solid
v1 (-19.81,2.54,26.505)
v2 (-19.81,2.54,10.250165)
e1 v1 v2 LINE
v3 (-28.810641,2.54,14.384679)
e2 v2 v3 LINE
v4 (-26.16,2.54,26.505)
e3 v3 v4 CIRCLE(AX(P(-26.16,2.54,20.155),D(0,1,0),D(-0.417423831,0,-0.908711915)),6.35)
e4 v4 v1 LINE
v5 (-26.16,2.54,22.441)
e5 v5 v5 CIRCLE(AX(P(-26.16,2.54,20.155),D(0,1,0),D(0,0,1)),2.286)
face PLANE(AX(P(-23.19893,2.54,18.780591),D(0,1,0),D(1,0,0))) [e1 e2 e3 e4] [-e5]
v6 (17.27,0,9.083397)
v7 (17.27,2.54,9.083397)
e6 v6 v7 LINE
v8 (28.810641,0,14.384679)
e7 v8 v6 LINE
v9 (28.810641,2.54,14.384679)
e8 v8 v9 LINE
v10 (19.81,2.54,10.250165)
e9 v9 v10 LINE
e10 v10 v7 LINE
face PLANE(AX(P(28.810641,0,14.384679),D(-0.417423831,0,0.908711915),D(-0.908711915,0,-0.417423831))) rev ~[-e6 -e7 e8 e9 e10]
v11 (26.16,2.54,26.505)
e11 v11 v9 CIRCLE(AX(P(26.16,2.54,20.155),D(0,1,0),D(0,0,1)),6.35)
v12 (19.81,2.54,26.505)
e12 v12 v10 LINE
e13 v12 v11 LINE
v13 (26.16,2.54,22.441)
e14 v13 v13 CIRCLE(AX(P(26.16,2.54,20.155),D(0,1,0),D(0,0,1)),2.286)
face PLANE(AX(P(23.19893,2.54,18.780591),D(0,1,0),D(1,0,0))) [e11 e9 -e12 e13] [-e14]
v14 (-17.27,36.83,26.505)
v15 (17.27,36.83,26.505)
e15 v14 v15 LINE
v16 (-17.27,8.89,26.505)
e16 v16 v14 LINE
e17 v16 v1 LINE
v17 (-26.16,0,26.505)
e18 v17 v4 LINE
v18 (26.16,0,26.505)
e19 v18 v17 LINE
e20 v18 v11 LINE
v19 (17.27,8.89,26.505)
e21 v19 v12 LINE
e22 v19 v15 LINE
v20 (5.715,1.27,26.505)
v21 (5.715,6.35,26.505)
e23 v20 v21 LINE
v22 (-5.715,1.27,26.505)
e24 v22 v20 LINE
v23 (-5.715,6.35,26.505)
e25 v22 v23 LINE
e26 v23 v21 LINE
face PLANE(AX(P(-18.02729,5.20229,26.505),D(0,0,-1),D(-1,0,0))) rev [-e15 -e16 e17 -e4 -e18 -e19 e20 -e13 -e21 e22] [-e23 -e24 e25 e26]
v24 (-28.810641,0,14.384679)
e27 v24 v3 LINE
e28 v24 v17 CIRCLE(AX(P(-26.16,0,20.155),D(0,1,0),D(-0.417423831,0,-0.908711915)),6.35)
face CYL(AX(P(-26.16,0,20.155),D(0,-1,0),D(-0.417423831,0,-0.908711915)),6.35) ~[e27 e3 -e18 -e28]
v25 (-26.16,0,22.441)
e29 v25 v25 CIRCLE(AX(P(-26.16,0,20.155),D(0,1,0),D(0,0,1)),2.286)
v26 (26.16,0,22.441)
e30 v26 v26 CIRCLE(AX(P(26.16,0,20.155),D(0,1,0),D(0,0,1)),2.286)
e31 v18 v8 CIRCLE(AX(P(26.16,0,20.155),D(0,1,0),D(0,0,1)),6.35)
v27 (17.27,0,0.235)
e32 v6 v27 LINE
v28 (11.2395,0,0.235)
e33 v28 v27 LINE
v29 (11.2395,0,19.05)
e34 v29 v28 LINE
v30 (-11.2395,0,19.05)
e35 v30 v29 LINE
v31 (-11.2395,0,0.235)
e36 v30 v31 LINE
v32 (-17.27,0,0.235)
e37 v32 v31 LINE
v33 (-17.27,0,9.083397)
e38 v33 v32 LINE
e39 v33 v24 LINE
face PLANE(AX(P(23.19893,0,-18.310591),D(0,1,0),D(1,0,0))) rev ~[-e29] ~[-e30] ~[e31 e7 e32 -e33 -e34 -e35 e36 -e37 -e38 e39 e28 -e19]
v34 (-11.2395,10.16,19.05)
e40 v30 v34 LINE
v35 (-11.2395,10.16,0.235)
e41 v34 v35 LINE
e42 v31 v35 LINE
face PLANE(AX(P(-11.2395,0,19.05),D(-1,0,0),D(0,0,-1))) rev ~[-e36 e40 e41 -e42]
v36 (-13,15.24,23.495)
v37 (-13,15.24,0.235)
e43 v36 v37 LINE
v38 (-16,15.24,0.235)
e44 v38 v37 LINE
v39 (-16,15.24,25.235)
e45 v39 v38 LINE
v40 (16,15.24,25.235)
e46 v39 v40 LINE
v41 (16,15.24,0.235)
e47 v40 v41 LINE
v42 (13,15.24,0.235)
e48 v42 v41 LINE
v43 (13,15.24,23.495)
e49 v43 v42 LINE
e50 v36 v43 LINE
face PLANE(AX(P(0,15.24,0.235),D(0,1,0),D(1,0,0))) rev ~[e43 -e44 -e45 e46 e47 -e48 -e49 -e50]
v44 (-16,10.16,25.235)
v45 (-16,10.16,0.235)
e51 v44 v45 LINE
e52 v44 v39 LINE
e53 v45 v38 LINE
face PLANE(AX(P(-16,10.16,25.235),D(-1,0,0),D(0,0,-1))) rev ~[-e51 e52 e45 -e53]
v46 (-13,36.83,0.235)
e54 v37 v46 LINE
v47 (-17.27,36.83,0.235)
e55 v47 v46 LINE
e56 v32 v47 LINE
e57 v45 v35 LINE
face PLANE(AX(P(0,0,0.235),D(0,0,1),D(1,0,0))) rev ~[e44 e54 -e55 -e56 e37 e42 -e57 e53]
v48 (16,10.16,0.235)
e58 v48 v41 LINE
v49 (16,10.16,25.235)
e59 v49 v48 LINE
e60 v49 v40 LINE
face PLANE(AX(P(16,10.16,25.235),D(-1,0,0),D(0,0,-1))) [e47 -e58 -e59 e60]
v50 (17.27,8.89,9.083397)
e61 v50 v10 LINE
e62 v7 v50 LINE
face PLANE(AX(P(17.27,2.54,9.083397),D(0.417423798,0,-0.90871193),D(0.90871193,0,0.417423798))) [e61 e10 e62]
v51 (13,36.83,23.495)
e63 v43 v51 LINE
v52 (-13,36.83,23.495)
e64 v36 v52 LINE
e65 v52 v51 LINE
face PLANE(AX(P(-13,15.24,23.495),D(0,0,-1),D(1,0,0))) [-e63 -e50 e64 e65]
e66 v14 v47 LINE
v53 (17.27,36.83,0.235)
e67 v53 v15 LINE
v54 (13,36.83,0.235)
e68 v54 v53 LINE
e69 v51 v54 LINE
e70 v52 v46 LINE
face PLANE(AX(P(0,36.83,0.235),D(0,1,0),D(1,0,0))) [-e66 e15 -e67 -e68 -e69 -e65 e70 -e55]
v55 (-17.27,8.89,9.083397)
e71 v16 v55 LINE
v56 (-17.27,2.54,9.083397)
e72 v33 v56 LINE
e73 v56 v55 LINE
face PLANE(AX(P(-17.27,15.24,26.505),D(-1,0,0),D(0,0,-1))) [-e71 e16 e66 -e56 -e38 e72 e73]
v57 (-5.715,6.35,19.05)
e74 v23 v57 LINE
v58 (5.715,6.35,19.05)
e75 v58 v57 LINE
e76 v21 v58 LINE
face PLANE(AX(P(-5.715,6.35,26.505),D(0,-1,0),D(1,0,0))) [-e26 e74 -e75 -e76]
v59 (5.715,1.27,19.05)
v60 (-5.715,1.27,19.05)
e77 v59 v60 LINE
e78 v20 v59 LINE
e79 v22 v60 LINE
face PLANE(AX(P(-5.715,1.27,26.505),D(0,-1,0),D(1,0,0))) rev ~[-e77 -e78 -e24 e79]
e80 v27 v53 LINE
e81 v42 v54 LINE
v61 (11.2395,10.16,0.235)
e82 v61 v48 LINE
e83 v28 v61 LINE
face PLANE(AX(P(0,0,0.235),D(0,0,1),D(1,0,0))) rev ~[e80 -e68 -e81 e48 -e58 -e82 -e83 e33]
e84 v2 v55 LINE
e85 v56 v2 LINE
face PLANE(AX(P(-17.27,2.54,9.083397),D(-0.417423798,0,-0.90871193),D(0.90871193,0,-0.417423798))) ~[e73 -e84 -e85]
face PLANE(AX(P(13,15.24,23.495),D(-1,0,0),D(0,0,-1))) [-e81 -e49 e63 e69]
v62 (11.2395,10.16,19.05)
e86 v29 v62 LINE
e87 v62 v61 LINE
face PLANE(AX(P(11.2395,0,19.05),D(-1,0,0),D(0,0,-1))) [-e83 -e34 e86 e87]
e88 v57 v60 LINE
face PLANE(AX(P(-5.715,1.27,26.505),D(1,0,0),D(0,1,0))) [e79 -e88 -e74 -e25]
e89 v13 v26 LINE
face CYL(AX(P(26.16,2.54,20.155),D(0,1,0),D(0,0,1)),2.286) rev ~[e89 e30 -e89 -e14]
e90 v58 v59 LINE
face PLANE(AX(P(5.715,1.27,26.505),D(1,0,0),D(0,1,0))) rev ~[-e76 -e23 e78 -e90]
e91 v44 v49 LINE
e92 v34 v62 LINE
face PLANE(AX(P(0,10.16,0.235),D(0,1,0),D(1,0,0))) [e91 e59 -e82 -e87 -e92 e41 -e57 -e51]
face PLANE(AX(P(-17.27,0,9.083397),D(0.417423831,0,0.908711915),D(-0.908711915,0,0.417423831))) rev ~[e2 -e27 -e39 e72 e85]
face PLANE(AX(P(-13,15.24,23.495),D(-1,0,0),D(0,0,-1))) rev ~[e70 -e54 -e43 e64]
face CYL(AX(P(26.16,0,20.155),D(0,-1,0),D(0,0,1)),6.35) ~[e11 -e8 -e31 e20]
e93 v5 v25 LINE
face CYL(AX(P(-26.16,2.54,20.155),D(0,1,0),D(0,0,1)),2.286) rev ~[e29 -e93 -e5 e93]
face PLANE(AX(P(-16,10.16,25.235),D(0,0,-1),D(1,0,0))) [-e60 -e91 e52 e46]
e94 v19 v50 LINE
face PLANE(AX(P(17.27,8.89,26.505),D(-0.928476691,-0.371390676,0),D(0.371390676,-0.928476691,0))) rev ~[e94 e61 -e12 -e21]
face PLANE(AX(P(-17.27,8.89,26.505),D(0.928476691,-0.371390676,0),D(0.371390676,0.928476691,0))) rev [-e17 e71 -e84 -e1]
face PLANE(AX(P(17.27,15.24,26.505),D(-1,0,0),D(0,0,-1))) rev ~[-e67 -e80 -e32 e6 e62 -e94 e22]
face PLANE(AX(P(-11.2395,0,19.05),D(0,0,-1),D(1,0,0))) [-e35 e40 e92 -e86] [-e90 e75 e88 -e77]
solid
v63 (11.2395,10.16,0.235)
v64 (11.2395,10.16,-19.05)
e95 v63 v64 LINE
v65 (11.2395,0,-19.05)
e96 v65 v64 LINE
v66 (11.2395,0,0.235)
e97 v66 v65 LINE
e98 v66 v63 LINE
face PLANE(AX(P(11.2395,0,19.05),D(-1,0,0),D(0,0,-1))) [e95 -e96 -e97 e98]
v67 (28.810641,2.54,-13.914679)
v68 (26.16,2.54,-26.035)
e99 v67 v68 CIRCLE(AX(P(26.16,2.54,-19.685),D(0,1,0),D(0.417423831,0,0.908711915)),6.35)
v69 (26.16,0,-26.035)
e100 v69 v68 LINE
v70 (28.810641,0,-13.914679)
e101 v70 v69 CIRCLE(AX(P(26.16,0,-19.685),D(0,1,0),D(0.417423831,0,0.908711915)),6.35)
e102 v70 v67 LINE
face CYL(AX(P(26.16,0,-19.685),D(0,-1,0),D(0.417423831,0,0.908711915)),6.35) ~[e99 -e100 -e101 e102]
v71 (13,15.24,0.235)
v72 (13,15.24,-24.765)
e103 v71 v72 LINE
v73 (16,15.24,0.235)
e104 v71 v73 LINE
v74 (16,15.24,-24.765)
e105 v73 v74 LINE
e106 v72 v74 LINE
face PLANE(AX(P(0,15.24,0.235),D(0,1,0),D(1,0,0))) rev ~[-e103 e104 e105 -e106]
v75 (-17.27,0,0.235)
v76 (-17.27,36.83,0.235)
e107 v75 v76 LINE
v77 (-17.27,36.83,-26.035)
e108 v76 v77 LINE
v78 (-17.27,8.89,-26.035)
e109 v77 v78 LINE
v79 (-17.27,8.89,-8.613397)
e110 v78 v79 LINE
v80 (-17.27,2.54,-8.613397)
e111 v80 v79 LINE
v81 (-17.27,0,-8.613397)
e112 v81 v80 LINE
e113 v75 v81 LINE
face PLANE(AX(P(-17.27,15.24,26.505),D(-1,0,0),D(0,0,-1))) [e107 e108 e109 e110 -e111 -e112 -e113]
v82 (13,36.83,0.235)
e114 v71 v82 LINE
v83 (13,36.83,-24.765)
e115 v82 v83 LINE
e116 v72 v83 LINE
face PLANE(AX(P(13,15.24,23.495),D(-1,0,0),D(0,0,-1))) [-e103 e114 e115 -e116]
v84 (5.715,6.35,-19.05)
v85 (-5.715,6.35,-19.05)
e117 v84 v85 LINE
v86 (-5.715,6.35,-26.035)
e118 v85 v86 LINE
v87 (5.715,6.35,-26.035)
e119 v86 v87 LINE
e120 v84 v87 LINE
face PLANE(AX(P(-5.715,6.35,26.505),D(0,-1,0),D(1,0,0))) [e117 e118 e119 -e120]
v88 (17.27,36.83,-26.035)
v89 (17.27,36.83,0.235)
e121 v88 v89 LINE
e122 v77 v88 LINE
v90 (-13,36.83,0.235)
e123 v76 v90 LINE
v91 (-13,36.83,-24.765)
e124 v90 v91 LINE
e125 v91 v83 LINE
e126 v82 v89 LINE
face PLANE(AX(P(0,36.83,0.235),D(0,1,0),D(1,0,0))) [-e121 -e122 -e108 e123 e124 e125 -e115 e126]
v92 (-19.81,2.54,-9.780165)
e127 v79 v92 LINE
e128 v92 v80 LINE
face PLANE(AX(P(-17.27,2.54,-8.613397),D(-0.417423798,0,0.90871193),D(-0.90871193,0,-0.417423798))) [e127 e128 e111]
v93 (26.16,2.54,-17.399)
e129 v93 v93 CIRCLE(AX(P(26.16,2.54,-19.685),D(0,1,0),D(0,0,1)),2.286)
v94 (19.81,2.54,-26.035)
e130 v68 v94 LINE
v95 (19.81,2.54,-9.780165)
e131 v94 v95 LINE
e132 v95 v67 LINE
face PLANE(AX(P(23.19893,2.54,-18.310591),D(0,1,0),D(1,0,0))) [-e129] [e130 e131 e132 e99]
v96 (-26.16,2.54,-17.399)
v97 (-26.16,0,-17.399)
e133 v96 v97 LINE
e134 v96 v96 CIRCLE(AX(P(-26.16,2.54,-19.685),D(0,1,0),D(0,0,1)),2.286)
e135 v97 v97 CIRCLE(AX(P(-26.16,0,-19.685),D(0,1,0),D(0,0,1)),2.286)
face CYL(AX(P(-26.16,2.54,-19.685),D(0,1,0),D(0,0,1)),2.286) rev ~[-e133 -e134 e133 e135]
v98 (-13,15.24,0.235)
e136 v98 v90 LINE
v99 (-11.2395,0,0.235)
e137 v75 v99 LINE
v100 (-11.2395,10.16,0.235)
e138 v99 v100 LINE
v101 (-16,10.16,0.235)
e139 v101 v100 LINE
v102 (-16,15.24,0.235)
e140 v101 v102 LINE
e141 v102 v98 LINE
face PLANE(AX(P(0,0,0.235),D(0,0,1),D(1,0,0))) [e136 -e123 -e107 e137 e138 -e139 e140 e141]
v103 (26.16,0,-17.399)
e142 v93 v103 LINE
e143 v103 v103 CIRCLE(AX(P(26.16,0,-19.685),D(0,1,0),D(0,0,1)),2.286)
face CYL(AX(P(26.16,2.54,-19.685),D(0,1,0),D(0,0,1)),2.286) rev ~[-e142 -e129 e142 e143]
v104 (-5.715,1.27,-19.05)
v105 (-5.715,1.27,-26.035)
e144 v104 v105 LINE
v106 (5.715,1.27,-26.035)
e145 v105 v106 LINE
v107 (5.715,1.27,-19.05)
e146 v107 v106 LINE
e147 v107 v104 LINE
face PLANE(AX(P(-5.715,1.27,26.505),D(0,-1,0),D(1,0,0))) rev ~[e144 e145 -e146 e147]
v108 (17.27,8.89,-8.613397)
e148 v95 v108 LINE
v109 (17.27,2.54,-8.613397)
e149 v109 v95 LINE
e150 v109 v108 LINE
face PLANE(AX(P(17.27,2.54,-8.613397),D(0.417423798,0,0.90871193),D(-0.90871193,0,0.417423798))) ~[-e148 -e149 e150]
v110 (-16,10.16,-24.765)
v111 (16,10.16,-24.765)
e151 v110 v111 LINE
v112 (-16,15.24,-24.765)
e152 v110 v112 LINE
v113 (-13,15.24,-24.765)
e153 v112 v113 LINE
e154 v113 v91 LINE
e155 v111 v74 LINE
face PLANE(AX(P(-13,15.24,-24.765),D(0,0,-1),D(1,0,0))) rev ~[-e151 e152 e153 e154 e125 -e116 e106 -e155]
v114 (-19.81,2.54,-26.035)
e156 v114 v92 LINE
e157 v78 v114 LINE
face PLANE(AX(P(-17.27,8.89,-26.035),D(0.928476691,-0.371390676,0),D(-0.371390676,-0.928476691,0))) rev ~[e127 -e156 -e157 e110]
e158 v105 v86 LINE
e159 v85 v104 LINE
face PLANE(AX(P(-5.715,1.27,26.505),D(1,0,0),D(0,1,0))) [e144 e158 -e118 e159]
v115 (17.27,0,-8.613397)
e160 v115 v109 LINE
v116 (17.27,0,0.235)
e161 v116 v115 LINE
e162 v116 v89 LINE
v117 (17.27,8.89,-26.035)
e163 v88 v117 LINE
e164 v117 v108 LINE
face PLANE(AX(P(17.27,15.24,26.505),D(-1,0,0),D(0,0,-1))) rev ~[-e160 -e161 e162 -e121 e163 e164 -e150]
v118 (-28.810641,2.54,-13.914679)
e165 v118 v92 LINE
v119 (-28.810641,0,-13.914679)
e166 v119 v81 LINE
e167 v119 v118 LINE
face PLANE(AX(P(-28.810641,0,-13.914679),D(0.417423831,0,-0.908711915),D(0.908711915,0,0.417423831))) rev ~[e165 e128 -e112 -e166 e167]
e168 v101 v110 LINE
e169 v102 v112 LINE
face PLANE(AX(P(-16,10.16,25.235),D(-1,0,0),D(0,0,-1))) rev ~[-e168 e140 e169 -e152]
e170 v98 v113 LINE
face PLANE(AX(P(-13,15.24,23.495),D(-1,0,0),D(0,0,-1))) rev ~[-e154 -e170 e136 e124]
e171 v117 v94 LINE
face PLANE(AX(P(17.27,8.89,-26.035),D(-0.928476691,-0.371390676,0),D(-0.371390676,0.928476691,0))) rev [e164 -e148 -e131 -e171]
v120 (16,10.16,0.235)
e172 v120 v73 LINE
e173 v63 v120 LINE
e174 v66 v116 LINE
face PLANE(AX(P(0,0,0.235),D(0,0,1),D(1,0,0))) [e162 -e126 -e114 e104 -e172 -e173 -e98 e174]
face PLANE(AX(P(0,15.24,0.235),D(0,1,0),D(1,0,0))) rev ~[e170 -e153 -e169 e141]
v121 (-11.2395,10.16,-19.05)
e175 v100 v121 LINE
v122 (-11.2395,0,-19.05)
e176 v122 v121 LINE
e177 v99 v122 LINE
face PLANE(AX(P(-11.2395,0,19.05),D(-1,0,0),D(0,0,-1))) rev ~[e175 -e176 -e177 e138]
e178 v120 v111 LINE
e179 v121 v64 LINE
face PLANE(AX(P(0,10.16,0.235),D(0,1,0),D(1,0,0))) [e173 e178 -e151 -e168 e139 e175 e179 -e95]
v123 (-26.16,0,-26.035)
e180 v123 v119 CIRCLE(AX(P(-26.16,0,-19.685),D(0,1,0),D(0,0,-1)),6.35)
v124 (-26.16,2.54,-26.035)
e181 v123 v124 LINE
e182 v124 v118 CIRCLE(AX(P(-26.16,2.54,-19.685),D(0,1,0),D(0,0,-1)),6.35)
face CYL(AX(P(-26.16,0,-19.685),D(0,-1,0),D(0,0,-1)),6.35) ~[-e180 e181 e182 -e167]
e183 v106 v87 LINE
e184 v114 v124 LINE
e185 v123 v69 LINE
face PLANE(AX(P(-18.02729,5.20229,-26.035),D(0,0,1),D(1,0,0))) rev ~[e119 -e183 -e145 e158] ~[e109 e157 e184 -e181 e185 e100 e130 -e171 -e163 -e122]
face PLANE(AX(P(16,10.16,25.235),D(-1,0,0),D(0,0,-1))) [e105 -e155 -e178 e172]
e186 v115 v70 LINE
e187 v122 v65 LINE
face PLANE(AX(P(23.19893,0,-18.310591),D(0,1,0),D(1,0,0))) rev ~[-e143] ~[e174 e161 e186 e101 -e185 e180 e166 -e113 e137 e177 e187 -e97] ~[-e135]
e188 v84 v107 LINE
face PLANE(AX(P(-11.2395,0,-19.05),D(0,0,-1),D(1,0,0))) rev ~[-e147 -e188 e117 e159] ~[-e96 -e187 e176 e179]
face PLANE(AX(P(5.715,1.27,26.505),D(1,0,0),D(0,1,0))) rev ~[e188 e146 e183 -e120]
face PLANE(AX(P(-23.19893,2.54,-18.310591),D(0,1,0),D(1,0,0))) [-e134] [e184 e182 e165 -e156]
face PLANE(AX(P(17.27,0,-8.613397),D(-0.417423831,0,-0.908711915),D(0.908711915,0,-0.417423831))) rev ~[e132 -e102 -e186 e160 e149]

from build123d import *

# Parameters (mm, degrees)
SKETCH3_W            = 34.54
SKETCH3_H            = 52.54
SKETCH3_W_2          = 22.479
SKETCH3_H_2          = 38.1
BOSS_EXTRUDE1_DEPTH  = 10.16
SKETCH4_W            = 34.54
SKETCH4_H            = 52.54
SKETCH4_W_2          = 32
SKETCH4_H_2          = 50
BOSS_EXTRUDE2_DEPTH  = 5.08
SKETCH6_W            = 34.54
SKETCH6_H            = 52.54
SKETCH6_W_2          = 26
SKETCH6_H_2          = 48.26
BOSS_EXTRUDE3_DEPTH  = 21.59
CUT_EXTRUDE1_REACH   = 68.447
SKETCH8_W            = 11.43
SKETCH8_H            = 5.08
BOSS_EXTRUDE5_DEPTH  = 2.54
SKETCH13_R           = 2.286
CUT_EXTRUDE6_DEPTH   = 2.54
BOSS_EXTRUDE6_DEPTH  = 17.421603206
CUT_EXTRUDE7_DEPTH   = 55.177663525
MIRROR5_COPY_1_DEPTH = 17.421603206
MIRROR5_COPY_2_DEPTH = 55.177663525


with BuildPart() as part:
    # Sketch3 → Boss-Extrude1 (new body)
    with BuildSketch(Plane(origin=(0, 0, 0), x_dir=(1, 0, 0), z_dir=(0, 1, 0))):
        with Locations((0, -0.235)):
            Rectangle(SKETCH3_W, SKETCH3_H)
        Rectangle(SKETCH3_W_2, SKETCH3_H_2, mode=Mode.SUBTRACT)
    extrude(amount=BOSS_EXTRUDE1_DEPTH)

    # Sketch4 → Boss-Extrude2 (add)
    with BuildSketch(Plane(origin=(0, 10.16, 0), x_dir=(1, 0, 0), z_dir=(0, 1, 0))):
        with Locations((0, -0.235)):
            Rectangle(SKETCH4_W, SKETCH4_H)
        with Locations((0, -0.235)):
            Rectangle(SKETCH4_W_2, SKETCH4_H_2, mode=Mode.SUBTRACT)
    extrude(amount=BOSS_EXTRUDE2_DEPTH)

    # Sketch6 → Boss-Extrude3 (add)
    with BuildSketch(Plane(origin=(0, 15.24, 0), x_dir=(1, 0, 0), z_dir=(0, 1, 0))):
        with Locations((0, -0.235)):
            Rectangle(SKETCH6_W, SKETCH6_H)
        with Locations((0, 0.635)):
            Rectangle(SKETCH6_W_2, SKETCH6_H_2, mode=Mode.SUBTRACT)
    extrude(amount=BOSS_EXTRUDE3_DEPTH)

    # Cut-Extrude1: up to this face of the body (flat: up to its plane)
    cut_extrude1_end = Plane(part.part.faces().sort_by_distance((0, 18.415, -26.035))[0])
    # Sketch8 → Cut-Extrude1 (cut, up to the picked face)
    with BuildSketch(Plane.XY.offset(26.505), mode=Mode.PRIVATE) as cut_extrude1_sk1:
        with Locations((0, 3.81)):
            Rectangle(SKETCH8_W, SKETCH8_H)
    cut_extrude1_tool1 = split(extrude(cut_extrude1_sk1.sketch, amount=-CUT_EXTRUDE1_REACH, mode=Mode.PRIVATE), bisect_by=cut_extrude1_end, keep=Keep.BOTH, mode=Mode.PRIVATE)
    add(cut_extrude1_tool1.solids().sort_by(Axis((0, 3.81, 26.505), (0, 0, -1)))[0], mode=Mode.SUBTRACT)

    # Sketch12 → Boss-Extrude5 (add)
    with BuildSketch(Plane(origin=(0, 0, 0), x_dir=(1, 0, 0), z_dir=(0, 1, 0))):
        with BuildLine():
            Line((17.27, 8.613396683), (28.810641327, 13.914679337))
            ThreePointArc((28.810641327, 13.914679337), (32.363387631, 21.041643613), (26.16, 26.035))
            Line((26.16, 26.035), (17.27, 26.035))
            Line((17.27, 26.035), (17.27, 8.613396683))
        make_face()
        with BuildLine():
            Line((17.27, -26.505), (26.16, -26.505))
            ThreePointArc((26.16, -26.505), (32.363387631, -21.511643613), (28.810641327, -14.384679337))
            Line((28.810641327, -14.384679337), (17.27, -9.083396683))
            Line((17.27, -9.083396683), (17.27, -26.505))
        make_face()
        with BuildLine():
            Line((-17.27, -9.083396683), (-28.810641327, -14.384679337))
            ThreePointArc((-28.810641327, -14.384679337), (-32.363387631, -21.511643613), (-26.16, -26.505))
            Line((-26.16, -26.505), (-17.27, -26.505))
            Line((-17.27, -26.505), (-17.27, -9.083396683))
        make_face()
        with BuildLine():
            Line((-28.810641327, 13.914679337), (-17.27, 8.613396683))
            Line((-17.27, 8.613396683), (-17.27, 26.035))
            Line((-17.27, 26.035), (-26.16, 26.035))
            ThreePointArc((-26.16, 26.035), (-32.363387631, 21.041643613), (-28.810641327, 13.914679337))
        make_face()
    extrude(amount=BOSS_EXTRUDE5_DEPTH)

    # Sketch13 → Cut-Extrude6 (cut)
    with BuildSketch(Plane(origin=(0, 2.54, 0), x_dir=(1, 0, 0), z_dir=(0, 1, 0))):
        with Locations(Location((26.16, 19.685, 0), (0, 0, 270))):
            Circle(SKETCH13_R)
        with Locations(Location((26.16, -20.155, 0), (0, 0, 270))):
            Circle(SKETCH13_R)
        with Locations(Location((-26.16, -20.155, 0), (0, 0, 270))):
            Circle(SKETCH13_R)
        with Locations(Location((-26.16, 19.685, 0), (0, 0, 270))):
            Circle(SKETCH13_R)
    extrude(amount=-CUT_EXTRUDE6_DEPTH, mode=Mode.SUBTRACT)

    # Sketch14 → Boss-Extrude6 (add)
    with BuildSketch(Plane.XY.offset(26.505)):
        Polygon((17.27, 8.89), (19.81, 2.54), (17.27, 2.54), align=None)
    boss_extrude6 = extrude(amount=-BOSS_EXTRUDE6_DEPTH)

    # Sketch15 → Cut-Extrude7 (cut, through all)
    with BuildSketch(Plane.XZ.offset(-2.54)):
        Polygon((17.27, 9.083396794), (19.81, 10.250165285), (19.81, 9.083396794), align=None)
    cut_extrude7 = extrude(amount=-CUT_EXTRUDE7_DEPTH, mode=Mode.SUBTRACT)

    # Mirror4: Boss-Extrude6, Cut-Extrude7 across plane
    add(boss_extrude6.mirror(Plane(origin=(0, 0, 0), x_dir=(0, 0, 1), z_dir=(1, 0, 0))))
    add(cut_extrude7.mirror(Plane(origin=(0, 0, 0), x_dir=(0, 0, 1), z_dir=(1, 0, 0))), mode=Mode.SUBTRACT)

    # Mirror5: Boss-Extrude6, Cut-Extrude7 across plane
    add(boss_extrude6.mirror(Plane.XY.offset(0.235)))
    add(cut_extrude7.mirror(Plane.XY.offset(0.235)), mode=Mode.SUBTRACT)

    # Mirror5 copy 1 sketch → Mirror5 copy 1 (add)
    with BuildSketch(Plane(origin=(0, 0, -26.035), x_dir=(-1, 0, 0), z_dir=(0, 0, -1))):
        Polygon((17.27, 8.89), (19.81, 2.54), (17.27, 2.54), align=None)
    extrude(amount=-MIRROR5_COPY_1_DEPTH)

    # Mirror5 copy 2 sketch → Mirror5 copy 2 (cut, through all)
    with BuildSketch(Plane(origin=(0, 2.54, 0.47), x_dir=(-1, 0, 0), z_dir=(0, -1, 0))):
        Polygon((17.27, 9.083396794), (19.81, 10.250165285), (19.81, 9.083396794), align=None)
    extrude(amount=-MIRROR5_COPY_2_DEPTH, mode=Mode.SUBTRACT)


with BuildPart() as body_2:
    # Split3: the piece on the far side of the plane
    add(part.part)
    split(bisect_by=Plane.XY.offset(0.235), keep=Keep.BOTTOM)


with BuildPart() as part_1:
    add(part.part)

    # Split3
    split(bisect_by=Plane.XY.offset(0.235), keep=Keep.TOP)


solid = Compound([body_2.part, part_1.part])
